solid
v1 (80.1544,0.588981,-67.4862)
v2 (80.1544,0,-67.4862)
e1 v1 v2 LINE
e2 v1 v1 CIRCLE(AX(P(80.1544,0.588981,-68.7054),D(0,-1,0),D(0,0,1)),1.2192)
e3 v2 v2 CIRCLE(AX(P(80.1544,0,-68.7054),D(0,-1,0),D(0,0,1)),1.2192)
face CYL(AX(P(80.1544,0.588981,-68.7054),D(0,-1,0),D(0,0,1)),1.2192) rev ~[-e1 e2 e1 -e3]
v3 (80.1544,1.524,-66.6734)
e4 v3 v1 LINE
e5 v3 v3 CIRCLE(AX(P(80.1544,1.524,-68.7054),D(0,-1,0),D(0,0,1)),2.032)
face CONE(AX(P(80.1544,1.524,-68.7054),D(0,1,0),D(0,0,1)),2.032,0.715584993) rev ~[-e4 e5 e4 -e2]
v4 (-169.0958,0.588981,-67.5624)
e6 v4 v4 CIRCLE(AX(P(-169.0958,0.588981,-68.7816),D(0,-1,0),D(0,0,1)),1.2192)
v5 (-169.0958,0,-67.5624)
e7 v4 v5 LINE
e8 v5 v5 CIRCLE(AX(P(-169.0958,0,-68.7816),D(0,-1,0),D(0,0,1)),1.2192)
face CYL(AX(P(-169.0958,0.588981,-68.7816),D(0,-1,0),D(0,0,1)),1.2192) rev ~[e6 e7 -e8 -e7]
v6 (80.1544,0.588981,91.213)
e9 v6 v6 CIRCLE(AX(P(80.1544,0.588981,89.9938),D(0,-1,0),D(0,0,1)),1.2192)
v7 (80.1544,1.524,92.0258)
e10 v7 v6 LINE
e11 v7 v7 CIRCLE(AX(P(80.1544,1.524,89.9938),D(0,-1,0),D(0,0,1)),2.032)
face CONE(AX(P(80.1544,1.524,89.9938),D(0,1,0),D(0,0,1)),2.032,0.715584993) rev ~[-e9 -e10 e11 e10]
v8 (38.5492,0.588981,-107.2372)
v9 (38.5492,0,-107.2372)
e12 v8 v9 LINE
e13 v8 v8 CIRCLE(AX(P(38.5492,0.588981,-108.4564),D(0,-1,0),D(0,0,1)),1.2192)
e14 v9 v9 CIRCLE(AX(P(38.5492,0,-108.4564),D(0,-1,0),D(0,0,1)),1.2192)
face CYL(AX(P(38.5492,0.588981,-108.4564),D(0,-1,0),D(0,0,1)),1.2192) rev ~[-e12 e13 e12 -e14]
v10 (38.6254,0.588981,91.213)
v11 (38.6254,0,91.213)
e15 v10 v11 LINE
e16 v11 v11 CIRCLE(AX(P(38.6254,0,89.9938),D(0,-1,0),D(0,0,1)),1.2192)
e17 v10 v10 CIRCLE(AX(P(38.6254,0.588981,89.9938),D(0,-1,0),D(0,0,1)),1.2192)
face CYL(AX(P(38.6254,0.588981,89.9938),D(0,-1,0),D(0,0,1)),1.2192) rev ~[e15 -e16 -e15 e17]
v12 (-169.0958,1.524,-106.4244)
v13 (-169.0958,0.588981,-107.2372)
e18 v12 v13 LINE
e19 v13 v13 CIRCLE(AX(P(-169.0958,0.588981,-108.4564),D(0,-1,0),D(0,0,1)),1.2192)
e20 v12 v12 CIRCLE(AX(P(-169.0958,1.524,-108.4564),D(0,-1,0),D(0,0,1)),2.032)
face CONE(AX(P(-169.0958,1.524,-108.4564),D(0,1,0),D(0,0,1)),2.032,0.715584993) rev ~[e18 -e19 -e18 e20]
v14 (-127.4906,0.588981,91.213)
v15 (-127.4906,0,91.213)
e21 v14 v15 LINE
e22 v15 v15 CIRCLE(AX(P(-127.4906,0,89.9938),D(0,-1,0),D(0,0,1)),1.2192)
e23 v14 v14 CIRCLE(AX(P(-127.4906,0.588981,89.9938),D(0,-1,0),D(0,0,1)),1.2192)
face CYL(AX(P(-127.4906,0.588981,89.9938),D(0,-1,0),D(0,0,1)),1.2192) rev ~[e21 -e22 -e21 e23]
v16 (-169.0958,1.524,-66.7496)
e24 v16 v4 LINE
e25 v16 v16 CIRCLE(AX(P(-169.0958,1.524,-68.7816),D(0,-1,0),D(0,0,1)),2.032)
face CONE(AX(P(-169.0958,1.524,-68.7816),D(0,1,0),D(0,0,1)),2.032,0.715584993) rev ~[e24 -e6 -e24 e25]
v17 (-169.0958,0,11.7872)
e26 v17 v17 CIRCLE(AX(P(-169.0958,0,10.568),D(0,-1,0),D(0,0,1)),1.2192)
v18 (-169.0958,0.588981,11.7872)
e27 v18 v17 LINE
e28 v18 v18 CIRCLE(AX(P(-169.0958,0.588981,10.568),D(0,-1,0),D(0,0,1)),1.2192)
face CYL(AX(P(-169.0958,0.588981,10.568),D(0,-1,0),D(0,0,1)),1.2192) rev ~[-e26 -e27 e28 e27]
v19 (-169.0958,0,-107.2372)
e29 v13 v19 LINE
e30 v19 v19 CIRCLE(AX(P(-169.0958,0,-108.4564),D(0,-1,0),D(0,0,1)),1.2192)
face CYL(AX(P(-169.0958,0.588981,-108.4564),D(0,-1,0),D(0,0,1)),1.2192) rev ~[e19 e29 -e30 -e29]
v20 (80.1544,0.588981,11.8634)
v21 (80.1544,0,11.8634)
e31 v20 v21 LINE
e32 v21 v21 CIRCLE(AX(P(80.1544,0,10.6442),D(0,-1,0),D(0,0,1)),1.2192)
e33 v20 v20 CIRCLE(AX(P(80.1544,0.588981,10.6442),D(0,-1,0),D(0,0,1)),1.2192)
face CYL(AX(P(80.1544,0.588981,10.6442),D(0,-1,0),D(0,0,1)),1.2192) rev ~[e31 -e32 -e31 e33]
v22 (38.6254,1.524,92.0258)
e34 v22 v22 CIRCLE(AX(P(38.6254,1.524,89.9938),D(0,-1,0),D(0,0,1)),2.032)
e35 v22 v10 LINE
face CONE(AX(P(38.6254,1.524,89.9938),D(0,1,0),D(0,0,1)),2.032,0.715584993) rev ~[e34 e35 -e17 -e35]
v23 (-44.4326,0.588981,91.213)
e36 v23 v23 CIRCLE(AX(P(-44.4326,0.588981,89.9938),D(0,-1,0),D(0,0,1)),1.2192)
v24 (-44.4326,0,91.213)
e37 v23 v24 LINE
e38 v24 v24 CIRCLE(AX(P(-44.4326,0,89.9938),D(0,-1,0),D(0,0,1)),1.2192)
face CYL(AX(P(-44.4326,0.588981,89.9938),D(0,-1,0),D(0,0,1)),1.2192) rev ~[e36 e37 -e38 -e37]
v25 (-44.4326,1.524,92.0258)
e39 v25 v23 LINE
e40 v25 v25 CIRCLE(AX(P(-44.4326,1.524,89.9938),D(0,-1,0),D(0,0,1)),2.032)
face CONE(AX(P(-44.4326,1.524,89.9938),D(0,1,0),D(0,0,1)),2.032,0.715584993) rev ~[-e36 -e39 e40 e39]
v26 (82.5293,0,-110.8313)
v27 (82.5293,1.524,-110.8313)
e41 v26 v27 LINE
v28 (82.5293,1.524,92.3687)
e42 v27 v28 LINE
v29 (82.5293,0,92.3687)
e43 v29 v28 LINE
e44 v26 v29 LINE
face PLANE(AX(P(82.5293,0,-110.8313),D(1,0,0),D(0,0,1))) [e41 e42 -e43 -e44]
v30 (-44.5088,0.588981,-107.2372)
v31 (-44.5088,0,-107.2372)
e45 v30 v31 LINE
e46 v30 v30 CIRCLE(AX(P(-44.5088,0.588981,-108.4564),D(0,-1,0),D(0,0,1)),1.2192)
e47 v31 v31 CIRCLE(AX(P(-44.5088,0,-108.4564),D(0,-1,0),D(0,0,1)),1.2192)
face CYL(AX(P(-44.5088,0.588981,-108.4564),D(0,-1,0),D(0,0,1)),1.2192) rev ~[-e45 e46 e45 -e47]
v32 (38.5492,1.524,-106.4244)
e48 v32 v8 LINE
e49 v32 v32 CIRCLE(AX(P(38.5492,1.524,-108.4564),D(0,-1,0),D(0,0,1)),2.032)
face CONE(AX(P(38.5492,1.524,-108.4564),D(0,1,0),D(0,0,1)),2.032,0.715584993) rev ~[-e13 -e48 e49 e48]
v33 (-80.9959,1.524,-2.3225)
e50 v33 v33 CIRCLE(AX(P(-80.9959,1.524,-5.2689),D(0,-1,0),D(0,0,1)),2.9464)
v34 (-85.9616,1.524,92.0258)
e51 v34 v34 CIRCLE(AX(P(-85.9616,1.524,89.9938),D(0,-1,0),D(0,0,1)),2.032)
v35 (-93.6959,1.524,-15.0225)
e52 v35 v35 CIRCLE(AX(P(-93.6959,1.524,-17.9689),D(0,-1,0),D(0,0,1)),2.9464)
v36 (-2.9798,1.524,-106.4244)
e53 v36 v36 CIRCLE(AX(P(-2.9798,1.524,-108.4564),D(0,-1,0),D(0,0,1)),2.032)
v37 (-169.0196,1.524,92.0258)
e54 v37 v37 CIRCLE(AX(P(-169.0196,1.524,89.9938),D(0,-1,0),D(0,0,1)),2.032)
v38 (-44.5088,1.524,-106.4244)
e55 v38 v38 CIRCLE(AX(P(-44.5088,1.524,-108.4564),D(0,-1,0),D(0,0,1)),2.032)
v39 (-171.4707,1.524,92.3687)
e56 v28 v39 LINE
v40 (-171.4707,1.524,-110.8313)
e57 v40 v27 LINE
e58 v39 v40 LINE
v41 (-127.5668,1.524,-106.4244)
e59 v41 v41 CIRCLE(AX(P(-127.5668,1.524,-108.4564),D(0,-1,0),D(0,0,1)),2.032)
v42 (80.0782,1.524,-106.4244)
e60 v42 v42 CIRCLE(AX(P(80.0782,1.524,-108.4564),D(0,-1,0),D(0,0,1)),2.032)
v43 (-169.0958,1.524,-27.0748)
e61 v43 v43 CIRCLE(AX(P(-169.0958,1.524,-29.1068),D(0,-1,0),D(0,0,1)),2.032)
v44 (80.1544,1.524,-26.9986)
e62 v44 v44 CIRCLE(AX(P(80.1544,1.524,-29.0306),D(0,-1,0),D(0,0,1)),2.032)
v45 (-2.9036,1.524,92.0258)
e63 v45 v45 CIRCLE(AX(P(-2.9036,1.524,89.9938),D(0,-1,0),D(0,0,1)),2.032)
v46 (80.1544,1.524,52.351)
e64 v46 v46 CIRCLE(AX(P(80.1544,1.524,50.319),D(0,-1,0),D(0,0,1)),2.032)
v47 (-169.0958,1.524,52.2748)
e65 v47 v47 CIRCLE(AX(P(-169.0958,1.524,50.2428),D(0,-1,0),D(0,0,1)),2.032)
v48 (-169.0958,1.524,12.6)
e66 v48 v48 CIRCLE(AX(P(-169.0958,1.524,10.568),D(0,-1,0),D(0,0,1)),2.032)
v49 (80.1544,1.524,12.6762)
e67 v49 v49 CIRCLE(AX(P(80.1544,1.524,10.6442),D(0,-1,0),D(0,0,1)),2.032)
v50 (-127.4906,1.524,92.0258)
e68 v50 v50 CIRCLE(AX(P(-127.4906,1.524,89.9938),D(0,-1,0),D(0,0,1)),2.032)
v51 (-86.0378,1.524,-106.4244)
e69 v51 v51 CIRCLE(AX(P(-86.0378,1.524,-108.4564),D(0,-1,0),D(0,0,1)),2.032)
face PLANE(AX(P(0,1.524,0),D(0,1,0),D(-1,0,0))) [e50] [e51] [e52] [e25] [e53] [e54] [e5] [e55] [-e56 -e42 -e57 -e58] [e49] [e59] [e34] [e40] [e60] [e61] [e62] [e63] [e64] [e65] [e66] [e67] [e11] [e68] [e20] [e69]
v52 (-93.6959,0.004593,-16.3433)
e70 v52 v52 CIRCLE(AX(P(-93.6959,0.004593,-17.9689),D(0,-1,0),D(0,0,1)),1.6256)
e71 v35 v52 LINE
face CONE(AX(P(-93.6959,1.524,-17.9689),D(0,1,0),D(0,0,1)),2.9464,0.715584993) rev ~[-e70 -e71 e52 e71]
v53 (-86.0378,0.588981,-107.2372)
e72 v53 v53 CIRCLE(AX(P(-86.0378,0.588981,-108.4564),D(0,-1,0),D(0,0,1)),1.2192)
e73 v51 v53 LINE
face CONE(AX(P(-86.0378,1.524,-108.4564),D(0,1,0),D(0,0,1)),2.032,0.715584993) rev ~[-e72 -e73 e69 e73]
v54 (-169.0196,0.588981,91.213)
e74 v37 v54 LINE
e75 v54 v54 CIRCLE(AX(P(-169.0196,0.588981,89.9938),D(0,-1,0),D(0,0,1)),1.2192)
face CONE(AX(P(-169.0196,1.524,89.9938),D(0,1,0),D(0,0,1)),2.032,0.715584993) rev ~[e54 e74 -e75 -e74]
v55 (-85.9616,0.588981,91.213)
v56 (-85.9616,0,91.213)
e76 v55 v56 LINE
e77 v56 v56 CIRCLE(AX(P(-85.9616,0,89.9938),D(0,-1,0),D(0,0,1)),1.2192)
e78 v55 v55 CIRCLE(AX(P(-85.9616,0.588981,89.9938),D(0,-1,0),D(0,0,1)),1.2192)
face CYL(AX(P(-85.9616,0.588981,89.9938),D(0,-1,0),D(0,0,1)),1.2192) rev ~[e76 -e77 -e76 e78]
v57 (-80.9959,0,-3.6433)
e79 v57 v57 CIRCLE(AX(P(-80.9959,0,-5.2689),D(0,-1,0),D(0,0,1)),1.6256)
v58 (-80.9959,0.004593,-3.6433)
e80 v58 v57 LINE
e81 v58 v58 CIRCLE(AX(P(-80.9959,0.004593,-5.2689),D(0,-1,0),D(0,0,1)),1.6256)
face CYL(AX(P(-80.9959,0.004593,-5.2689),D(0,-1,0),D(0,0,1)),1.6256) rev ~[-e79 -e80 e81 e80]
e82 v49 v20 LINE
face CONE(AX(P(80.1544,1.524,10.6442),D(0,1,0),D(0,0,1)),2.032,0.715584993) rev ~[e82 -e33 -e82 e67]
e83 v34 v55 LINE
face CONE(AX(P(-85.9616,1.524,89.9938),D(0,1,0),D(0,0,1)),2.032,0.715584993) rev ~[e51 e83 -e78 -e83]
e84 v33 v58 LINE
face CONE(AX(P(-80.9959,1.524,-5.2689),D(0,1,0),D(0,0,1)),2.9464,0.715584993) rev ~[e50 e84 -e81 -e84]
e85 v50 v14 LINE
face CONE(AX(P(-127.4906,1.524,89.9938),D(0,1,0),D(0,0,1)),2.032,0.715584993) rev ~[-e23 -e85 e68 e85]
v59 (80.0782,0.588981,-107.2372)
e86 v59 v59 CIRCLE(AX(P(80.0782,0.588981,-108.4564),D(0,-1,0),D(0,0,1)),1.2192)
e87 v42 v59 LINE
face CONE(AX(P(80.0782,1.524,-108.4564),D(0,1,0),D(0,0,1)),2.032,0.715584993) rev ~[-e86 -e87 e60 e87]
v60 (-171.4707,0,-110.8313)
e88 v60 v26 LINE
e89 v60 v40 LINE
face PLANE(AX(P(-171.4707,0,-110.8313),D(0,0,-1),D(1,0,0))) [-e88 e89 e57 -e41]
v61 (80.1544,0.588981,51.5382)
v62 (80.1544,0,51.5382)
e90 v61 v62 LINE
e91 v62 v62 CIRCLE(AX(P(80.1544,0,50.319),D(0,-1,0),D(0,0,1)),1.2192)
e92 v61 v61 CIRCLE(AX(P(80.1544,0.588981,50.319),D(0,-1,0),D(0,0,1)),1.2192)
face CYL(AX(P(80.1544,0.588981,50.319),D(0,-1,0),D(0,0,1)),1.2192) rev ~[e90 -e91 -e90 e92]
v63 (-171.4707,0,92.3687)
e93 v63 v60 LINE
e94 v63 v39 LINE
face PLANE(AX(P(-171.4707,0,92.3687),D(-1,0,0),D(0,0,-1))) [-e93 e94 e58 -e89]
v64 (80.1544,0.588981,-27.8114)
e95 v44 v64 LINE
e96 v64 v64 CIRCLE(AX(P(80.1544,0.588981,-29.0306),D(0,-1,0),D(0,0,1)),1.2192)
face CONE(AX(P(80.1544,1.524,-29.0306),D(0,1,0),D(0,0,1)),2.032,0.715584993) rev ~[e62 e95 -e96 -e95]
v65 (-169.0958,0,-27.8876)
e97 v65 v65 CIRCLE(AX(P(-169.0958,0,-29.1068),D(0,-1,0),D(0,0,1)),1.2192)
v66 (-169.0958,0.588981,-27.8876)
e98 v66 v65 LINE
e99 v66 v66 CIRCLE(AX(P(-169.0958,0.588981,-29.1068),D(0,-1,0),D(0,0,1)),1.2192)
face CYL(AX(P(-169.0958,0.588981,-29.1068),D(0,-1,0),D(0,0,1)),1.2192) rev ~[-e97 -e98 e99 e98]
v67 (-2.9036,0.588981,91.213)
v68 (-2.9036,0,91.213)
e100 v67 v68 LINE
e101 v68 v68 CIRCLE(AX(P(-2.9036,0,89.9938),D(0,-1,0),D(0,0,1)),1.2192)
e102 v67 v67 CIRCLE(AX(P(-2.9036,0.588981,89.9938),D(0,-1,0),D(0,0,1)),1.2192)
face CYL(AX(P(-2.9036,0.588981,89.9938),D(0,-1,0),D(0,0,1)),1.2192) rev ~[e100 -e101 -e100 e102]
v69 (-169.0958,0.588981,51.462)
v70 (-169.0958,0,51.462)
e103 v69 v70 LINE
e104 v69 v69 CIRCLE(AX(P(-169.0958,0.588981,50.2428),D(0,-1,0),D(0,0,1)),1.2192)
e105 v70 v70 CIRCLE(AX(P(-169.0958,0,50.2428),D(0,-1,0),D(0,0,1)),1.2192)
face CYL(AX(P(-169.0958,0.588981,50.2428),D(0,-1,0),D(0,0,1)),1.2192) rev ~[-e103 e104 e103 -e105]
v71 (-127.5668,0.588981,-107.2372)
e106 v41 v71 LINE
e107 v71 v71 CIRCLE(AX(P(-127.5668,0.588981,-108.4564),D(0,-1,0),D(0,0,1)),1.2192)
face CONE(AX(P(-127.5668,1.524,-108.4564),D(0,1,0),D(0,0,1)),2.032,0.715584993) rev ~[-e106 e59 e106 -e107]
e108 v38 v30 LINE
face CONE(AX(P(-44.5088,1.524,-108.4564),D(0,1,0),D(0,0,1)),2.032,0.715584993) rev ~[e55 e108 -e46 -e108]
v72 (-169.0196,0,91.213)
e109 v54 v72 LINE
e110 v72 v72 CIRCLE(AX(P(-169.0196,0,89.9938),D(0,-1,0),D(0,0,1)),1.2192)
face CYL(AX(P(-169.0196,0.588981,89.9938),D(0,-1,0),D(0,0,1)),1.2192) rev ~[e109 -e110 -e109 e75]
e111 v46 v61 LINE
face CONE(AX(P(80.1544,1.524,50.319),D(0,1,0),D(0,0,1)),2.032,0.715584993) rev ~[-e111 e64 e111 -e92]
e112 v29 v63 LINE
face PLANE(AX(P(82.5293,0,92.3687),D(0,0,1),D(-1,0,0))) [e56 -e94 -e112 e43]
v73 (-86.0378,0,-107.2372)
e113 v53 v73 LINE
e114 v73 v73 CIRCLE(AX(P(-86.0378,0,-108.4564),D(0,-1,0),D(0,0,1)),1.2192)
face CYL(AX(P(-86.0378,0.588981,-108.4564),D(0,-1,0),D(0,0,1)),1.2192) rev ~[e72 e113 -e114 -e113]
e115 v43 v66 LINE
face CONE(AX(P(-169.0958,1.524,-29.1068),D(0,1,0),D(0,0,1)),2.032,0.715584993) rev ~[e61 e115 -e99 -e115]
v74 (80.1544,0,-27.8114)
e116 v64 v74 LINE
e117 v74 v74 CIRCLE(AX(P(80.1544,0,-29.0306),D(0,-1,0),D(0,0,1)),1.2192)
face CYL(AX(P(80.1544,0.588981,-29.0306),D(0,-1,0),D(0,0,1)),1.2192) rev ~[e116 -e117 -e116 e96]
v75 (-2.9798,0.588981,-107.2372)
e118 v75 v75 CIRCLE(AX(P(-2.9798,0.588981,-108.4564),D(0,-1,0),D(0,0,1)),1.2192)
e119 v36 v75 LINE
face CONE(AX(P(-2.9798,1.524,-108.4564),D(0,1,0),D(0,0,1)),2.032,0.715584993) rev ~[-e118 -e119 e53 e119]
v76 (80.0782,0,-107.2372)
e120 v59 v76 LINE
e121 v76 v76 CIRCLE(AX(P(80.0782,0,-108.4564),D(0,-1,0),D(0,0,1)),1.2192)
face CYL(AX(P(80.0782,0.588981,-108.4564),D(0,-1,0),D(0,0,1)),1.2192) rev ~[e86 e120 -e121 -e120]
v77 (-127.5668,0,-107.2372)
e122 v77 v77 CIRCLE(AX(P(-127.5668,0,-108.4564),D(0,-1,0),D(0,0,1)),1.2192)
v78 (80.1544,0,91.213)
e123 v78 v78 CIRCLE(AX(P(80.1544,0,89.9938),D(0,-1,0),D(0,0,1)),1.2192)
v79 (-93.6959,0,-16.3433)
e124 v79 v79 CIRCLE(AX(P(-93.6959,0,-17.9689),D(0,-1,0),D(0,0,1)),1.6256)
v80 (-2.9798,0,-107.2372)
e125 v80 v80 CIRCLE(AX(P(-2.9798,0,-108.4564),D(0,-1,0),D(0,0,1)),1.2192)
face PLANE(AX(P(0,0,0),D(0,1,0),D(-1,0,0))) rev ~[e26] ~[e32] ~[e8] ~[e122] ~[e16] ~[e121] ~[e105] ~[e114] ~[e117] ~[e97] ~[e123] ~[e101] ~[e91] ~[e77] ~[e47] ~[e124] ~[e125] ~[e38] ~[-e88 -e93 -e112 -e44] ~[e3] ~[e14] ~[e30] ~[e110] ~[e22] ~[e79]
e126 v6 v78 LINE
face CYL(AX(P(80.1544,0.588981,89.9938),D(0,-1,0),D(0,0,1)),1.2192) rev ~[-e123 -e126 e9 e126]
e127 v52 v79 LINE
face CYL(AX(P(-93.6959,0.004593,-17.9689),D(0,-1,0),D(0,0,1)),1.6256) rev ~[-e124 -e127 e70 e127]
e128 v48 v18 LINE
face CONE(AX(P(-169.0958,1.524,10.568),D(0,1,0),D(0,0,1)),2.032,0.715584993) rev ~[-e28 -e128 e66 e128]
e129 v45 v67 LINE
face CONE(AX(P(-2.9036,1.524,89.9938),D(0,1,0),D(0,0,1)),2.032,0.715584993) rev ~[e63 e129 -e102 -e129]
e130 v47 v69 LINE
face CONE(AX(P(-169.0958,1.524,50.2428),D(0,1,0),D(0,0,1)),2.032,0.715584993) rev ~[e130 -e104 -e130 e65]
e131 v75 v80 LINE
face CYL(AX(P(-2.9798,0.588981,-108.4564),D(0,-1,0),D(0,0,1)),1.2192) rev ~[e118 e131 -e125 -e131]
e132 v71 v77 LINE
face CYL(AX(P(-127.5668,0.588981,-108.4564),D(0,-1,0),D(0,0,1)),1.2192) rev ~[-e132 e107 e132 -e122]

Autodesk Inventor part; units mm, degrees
ref_plane "YZ Plane" through (0, 0, 0) normal (1, 0, 0) x (0, 1, 0)
ref_plane "XZ Plane" through (0, 0, 0) normal (0, 1, 0) x (-1, 0, 0)
ref_plane "XY Plane" through (0, 0, 0) normal (0, 0, 1) x (1, 0, 0)
sketch "Sketch1" plane through (0, 0, 0) normal (0, 1, 0) x (-1, 0, 0)
  line L0 (-82.5293, 92.3687) -> (171.4707, 92.3687)
  line L1 (171.4707, 92.3687) -> (171.4707, -110.8313)
  line L2 (171.4707, -110.8313) -> (-82.5293, -110.8313)
  line L3 (-82.5293, -110.8313) -> (-82.5293, 92.3687)
  point P0 (0, 0)
  dimension "d0" = 254
  dimension "d3" = 203.2
extrude "Extrusion1" add sketch "Sketch1" along normal blind 1.524
sketch "Sketch2" plane through (0, 1.524, 0) normal (0, 1, 0) x (1, 0, 0)
  point P0 (0, 0)
  point P1 (-169.0958, 108.4564)
  point P2 (-171.4707, 110.8313)
  point P3 (82.5293, -92.3687)
  point P4 (80.1544, -89.9938)
  dimension "d13" = 2.3749
  dimension "d14" = 2.3749
  dimension "d21" = 2.3749
  dimension "d22" = 2.3749
hole "Hole1" at (-169.0958, 1.524, -108.4564) direction (0, -1, 0) diameter 2.4384 depth 25.4 tip angle 118 countersink diameter 4.064 countersink angle 82
pattern_linear "Rectangular Pattern1" count 7 spacing 41.529 along (1, 0, 0) of "Hole1"
pattern_linear "Rectangular Pattern2" count 5 spacing 39.6748 along (0, 0, 1) of "Hole1"
hole "Hole2" at (80.1544, 1.524, 89.9938) direction (0, -1, 0) diameter 2.4384 depth 25.4 tip angle 118 countersink diameter 4.064 countersink angle 82
pattern_linear "Rectangular Pattern3" count 5 spacing 39.6748 along (0, 0, -1) of "Hole2"
pattern_linear "Rectangular Pattern4" count 7 spacing 41.529 along (-1, 0, 0) of "Hole2"
sketch "Sketch3" plane through (0, 1.524, 0) normal (0, 1, 0) x (1, 0, 0)
  circle A0 centre (-169.0196, -89.9938) radius 2.032 projected
  circle A1 centre (-127.4906, -89.9938) radius 2.032 projected
  circle A2 centre (-85.9616, -89.9938) radius 2.032 projected
  circle A3 centre (-44.4326, -89.9938) radius 2.032 projected
  circle A4 centre (-2.9036, -89.9938) radius 2.032 projected
  circle A5 centre (38.6254, -89.9938) radius 2.032 projected
  circle A6 centre (80.1544, 68.7054) radius 2.032 projected
  circle A7 centre (80.1544, 29.0306) radius 2.032 projected
  circle A8 centre (80.1544, -10.6442) radius 2.032 projected
  circle A9 centre (80.1544, -50.319) radius 2.032 projected
  circle A10 centre (80.1544, -89.9938) radius 2.032 projected
  circle A11 centre (-169.0958, -50.2428) radius 2.032 projected
  circle A12 centre (-169.0958, -10.568) radius 2.032 projected
  circle A13 centre (-169.0958, 29.1068) radius 2.032 projected
  circle A14 centre (-169.0958, 68.7816) radius 2.032 projected
  circle A15 centre (80.0782, 108.4564) radius 2.032 projected
  circle A16 centre (38.5492, 108.4564) radius 2.032 projected
  circle A17 centre (-2.9798, 108.4564) radius 2.032 projected
  circle A18 centre (-44.5088, 108.4564) radius 2.032 projected
  circle A19 centre (-86.0378, 108.4564) radius 2.032 projected
  circle A20 centre (-127.5668, 108.4564) radius 2.032 projected
  circle A21 centre (-169.0958, 108.4564) radius 2.032 projected
  line L0 (-171.4707, -92.3687) -> (82.5293, -92.3687) projected
  line L1 (82.5293, -92.3687) -> (82.5293, 110.8313) projected
  line L2 (82.5293, 110.8313) -> (-171.4707, 110.8313) projected
  line L3 (-171.4707, 110.8313) -> (-171.4707, -92.3687) projected
  point P0 (0, 0)
sketch "Sketch6" plane through (0, 1.524, 0) normal (0, 1, 0) x (1, 0, 0)
  circle A0 centre (-169.0196, -89.9938) radius 2.032 projected
  circle A1 centre (-127.4906, -89.9938) radius 2.032 projected
  circle A2 centre (-85.9616, -89.9938) radius 2.032 projected
  circle A3 centre (-44.4326, -89.9938) radius 2.032 projected
  circle A4 centre (-2.9036, -89.9938) radius 2.032 projected
  circle A5 centre (38.6254, -89.9938) radius 2.032 projected
  circle A6 centre (80.1544, 68.7054) radius 2.032 projected
  circle A7 centre (80.1544, 29.0306) radius 2.032 projected
  circle A8 centre (80.1544, -10.6442) radius 2.032 projected
  circle A9 centre (80.1544, -50.319) radius 2.032 projected
  circle A10 centre (80.1544, -89.9938) radius 2.032 projected
  circle A11 centre (-169.0958, -50.2428) radius 2.032 projected
  circle A12 centre (-169.0958, -10.568) radius 2.032 projected
  circle A13 centre (-169.0958, 29.1068) radius 2.032 projected
  circle A14 centre (-169.0958, 68.7816) radius 2.032 projected
  circle A15 centre (80.0782, 108.4564) radius 2.032 projected
  circle A16 centre (38.5492, 108.4564) radius 2.032 projected
  circle A17 centre (-2.9798, 108.4564) radius 2.032 projected
  circle A18 centre (-44.5088, 108.4564) radius 2.032 projected
  circle A19 centre (-86.0378, 108.4564) radius 2.032 projected
  circle A20 centre (-127.5668, 108.4564) radius 2.032 projected
  circle A21 centre (-169.0958, 108.4564) radius 2.032 projected
  line L0 (-171.4707, -92.3687) -> (82.5293, -92.3687) projected
  line L1 (82.5293, -92.3687) -> (82.5293, 110.8313) projected
  line L2 (82.5293, 110.8313) -> (-171.4707, 110.8313) projected
  line L3 (-171.4707, 110.8313) -> (-171.4707, -92.3687) projected
  point P0 (0, 0)
sketch "Sketch7" plane through (0, 1.524, 0) normal (0, 1, 0) x (1, 0, 0)
  point P0 (0, 0)
  point P1 (-80.9959, 5.2689)
  point P2 (-93.6959, 17.9689)
  point P3 (-80.9959, 5.2689)
  point P4 (-171.4707, -92.3687)
  dimension "d50" = 110.3376
  dimension "d51" = 97.6376
  dimension "d52" = 77.7748
  dimension "d53" = 90.4748
hole "Hole3" at (-93.6959, 1.524, -17.9689) direction (0, -1, 0) diameter 3.2512 depth 1.524 tip angle 118 countersink diameter 5.8928 countersink angle 82
hole "Hole4" at (-80.9959, 1.524, -5.2689) direction (0, -1, 0) diameter 3.2512 depth 25.4 tip angle 118 countersink diameter 5.8928 countersink angle 82
properties part number "RFT 8x10 Cover-alt-base_092717" material "Aluminum 6061"
